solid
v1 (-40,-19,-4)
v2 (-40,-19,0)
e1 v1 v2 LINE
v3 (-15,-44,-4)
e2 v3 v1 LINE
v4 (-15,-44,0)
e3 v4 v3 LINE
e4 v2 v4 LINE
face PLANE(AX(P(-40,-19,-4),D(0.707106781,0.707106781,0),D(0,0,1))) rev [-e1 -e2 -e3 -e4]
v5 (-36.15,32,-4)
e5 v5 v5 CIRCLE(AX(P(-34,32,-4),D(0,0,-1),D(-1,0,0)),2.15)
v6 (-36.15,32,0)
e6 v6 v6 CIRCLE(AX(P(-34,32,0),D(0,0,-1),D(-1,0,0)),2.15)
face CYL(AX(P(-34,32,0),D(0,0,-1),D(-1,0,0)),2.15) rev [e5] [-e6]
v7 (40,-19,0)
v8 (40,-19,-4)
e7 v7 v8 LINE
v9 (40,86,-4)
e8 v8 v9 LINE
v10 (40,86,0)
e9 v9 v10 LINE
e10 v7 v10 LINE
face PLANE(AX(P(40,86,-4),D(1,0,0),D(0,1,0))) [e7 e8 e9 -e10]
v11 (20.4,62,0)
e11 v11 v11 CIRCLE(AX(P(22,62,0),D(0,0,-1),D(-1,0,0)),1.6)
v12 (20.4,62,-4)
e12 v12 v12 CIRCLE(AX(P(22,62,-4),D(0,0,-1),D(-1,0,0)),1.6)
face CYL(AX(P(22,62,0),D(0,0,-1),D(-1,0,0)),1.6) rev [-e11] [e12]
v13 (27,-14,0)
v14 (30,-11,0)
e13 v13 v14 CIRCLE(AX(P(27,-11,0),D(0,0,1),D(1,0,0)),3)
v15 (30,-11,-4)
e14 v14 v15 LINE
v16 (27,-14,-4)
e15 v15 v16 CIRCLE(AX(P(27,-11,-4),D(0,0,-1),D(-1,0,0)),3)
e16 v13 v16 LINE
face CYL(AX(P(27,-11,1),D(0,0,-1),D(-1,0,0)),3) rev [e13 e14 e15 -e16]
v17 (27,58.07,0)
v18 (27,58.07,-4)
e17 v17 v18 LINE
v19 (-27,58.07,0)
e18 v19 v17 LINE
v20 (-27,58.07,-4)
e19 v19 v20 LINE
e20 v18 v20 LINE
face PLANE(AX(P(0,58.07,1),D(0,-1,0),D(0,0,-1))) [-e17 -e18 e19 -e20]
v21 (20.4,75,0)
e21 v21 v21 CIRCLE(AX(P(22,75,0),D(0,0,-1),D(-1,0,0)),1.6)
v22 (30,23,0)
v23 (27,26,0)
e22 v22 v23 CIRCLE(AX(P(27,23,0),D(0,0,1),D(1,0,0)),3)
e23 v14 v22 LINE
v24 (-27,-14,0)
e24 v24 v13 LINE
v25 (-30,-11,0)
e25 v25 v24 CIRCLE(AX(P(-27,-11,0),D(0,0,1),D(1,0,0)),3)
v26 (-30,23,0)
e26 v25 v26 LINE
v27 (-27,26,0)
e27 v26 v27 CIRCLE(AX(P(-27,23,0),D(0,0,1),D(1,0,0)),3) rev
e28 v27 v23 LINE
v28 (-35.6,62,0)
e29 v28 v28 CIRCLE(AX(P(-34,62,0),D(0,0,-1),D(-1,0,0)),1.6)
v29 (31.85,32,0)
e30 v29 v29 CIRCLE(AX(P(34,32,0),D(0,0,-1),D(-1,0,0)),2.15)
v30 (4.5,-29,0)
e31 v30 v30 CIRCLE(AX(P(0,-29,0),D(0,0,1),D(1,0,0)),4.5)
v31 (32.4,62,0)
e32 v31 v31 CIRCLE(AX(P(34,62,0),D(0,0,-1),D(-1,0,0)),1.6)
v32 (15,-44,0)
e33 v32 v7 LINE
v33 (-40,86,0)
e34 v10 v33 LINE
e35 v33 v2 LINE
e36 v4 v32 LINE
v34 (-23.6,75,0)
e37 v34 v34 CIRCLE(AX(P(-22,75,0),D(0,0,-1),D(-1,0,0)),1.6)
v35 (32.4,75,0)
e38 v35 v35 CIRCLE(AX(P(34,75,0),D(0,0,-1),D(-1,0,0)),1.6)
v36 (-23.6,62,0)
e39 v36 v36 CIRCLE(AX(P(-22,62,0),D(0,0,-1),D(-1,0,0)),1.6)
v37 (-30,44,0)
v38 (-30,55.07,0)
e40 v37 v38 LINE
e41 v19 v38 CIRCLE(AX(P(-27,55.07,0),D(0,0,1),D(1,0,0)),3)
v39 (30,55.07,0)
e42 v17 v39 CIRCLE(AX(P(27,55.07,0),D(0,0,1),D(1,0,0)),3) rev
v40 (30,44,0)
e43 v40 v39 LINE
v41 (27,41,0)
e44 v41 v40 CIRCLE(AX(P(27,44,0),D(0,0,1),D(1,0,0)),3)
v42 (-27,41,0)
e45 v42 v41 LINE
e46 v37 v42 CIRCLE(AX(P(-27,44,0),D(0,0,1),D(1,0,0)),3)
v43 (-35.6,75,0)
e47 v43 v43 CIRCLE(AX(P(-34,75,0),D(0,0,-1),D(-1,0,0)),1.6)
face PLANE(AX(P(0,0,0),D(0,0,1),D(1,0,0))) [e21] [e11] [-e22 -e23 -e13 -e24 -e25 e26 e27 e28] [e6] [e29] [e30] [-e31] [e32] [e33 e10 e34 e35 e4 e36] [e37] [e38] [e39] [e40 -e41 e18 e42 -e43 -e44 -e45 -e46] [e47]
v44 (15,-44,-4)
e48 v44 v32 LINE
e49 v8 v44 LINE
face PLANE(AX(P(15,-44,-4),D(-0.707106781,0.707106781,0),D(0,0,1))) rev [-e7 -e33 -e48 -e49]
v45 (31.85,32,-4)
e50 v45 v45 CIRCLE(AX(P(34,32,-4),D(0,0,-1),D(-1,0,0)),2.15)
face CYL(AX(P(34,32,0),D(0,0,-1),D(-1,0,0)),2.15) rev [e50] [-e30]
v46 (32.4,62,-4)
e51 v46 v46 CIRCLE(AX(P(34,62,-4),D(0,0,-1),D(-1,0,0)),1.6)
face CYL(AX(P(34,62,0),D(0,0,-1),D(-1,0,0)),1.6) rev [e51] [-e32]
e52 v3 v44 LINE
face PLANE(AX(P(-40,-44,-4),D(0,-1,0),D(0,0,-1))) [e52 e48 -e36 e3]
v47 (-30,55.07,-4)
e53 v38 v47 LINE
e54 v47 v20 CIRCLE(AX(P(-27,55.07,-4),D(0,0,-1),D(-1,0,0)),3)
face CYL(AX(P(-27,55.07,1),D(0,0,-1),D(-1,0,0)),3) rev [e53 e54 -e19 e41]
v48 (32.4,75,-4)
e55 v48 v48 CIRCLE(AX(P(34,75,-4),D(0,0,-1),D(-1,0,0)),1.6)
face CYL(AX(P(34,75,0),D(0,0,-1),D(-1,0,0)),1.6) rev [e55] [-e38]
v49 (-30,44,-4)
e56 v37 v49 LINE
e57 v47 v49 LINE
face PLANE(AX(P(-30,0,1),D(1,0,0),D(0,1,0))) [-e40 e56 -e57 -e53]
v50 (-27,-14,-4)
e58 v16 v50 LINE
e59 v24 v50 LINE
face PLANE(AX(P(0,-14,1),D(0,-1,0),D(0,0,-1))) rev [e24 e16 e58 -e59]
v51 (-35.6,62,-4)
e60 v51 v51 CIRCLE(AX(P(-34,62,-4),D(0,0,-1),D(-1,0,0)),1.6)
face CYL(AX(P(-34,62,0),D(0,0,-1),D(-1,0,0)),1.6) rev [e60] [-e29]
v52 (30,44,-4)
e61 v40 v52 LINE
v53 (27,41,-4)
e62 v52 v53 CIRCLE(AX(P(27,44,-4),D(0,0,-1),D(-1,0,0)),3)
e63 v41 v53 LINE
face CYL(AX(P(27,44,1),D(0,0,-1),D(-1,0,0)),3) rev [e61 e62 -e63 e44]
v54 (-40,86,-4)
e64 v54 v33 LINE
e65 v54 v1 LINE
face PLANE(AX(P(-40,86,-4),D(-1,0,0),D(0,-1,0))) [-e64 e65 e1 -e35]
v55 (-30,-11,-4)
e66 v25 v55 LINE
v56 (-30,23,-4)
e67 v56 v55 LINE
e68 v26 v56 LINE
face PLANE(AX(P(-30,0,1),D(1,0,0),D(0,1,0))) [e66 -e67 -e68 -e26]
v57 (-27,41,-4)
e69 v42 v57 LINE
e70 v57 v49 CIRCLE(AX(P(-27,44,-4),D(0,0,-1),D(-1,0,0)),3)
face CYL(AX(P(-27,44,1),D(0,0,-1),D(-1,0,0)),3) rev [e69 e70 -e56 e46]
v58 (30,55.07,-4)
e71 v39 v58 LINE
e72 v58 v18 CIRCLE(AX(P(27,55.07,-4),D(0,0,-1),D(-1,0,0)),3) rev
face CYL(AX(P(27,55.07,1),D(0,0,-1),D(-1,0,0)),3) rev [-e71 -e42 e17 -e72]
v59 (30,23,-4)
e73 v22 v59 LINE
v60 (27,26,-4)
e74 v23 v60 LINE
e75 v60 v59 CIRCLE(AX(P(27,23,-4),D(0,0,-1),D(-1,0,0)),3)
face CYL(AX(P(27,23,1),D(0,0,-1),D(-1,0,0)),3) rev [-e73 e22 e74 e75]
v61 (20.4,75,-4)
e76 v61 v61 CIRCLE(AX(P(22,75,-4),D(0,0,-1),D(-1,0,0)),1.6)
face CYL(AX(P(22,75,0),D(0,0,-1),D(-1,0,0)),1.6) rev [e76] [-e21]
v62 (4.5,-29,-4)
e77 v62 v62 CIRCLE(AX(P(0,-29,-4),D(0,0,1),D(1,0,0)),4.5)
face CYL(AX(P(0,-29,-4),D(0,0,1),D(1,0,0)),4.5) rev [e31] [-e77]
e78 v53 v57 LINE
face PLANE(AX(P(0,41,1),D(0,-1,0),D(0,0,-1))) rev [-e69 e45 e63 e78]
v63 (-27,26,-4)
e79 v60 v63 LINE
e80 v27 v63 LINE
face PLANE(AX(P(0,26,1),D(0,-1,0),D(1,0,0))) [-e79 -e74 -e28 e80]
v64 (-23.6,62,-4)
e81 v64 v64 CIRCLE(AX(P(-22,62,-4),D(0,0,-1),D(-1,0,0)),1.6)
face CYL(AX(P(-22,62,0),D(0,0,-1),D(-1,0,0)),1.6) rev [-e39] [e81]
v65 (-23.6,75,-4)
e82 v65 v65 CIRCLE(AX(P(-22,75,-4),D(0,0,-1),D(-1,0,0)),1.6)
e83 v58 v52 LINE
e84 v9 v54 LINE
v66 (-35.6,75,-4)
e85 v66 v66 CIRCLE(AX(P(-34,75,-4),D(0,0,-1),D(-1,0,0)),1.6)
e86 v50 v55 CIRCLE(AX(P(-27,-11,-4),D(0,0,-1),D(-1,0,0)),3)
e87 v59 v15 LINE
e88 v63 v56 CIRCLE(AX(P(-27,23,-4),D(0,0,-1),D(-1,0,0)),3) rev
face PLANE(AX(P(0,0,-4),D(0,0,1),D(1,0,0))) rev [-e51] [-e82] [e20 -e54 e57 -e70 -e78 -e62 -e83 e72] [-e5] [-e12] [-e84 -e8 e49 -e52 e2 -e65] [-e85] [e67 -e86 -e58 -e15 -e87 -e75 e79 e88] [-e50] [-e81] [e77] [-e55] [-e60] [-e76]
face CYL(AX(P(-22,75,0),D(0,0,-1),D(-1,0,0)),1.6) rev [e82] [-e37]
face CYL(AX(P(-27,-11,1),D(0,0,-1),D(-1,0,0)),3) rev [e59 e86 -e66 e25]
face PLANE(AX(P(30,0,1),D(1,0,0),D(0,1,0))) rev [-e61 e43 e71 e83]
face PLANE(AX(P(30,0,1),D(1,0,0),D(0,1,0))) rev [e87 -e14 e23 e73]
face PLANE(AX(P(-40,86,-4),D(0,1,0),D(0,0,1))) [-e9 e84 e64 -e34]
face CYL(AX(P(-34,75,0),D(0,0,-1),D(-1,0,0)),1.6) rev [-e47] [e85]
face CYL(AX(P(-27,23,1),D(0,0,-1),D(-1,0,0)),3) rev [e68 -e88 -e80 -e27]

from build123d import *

# Parameters (mm, degrees)
SKETCH_1_W          = 80
SKETCH_1_H          = 130
SKETCH_1_R          = 4.5
EXTRUDE_1_DEPTH     = 4
CHAMFER_1_SIZE      = 25
CUT_EXTRUDE_1_DEPTH = 5
SKETCH_4_R          = 2.15
CUT_EXTRUDE_2_DEPTH = 4
SKETCH_5_R          = 1.6
CUT_EXTRUDE_3_DEPTH = 4


with BuildPart() as part:
    # 草图1 → 凸台-拉伸1 (new body)
    with BuildSketch(Plane.XY):
        with Locations((0, 21)):
            Rectangle(SKETCH_1_W, SKETCH_1_H)
        with Locations((0, -29)):
            Circle(SKETCH_1_R, mode=Mode.SUBTRACT)
    extrude(amount=-EXTRUDE_1_DEPTH)

    # 倒角1
    chamfer_1_edges = [part.edges().sort_by_distance(p)[0] for p in [
        (40, -44, -2),
        (-40, -44, -2),
    ]]
    chamfer(chamfer_1_edges, length=CHAMFER_1_SIZE)

    # 草图3 → 切除-拉伸1 (cut)
    with BuildSketch(Plane(origin=(0, 0, -4), x_dir=(-1, 0, 0), z_dir=(0, 0, -1))):
        with BuildLine():
            ThreePointArc((-27, 58.07), (-29.121320344, 57.191320344), (-30, 55.07))
            Line((-30, 55.07), (-30, 44))
            ThreePointArc((-30, 44), (-29.121320344, 41.878679656), (-27, 41))
            Line((-27, 41), (27, 41))
            ThreePointArc((27, 41), (29.121320344, 41.878679656), (30, 44))
            Line((30, 44), (30, 55.07))
            ThreePointArc((30, 55.07), (29.121320344, 57.191320344), (27, 58.07))
            Line((27, 58.07), (-17.606738259, 58.07))
            Line((-17.606738259, 58.07), (-27, 58.07))
        make_face()
        with BuildLine():
            Line((-27, 26), (27, 26))
            ThreePointArc((27, 26), (29.121320344, 25.121320344), (30, 23))
            Line((30, 23), (30, -11))
            ThreePointArc((30, -11), (29.121320344, -13.121320344), (27, -14))
            Line((27, -14), (-27, -14))
            ThreePointArc((-27, -14), (-29.121320344, -13.121320344), (-30, -11))
            Line((-30, -11), (-30, 23))
            ThreePointArc((-30, 23), (-29.121320344, 25.121320344), (-27, 26))
        make_face()
    extrude(amount=-CUT_EXTRUDE_1_DEPTH, mode=Mode.SUBTRACT)

    # 草图4 → 切除-拉伸2 (cut)
    with BuildSketch(Plane(origin=(0, 0, -4), x_dir=(-1, 0, 0), z_dir=(0, 0, -1))):
        with Locations((-34, 32)):
            Circle(SKETCH_4_R)
        with Locations((34, 32)):
            Circle(SKETCH_4_R)
    extrude(amount=-CUT_EXTRUDE_2_DEPTH, mode=Mode.SUBTRACT)

    # 草图5 → 切除-拉伸3 (cut)
    with BuildSketch(Plane(origin=(0, 0, -4), x_dir=(-1, 0, 0), z_dir=(0, 0, -1))):
        with Locations((34, 75)):
            Circle(SKETCH_5_R)
        with Locations((22, 75)):
            Circle(SKETCH_5_R)
        with Locations((-22, 75)):
            Circle(SKETCH_5_R)
        with Locations((-34, 75)):
            Circle(SKETCH_5_R)
        with Locations((34, 62)):
            Circle(SKETCH_5_R)
        with Locations((22, 62)):
            Circle(SKETCH_5_R)
        with Locations((-22, 62)):
            Circle(SKETCH_5_R)
        with Locations((-34, 62)):
            Circle(SKETCH_5_R)
    extrude(amount=-CUT_EXTRUDE_3_DEPTH, mode=Mode.SUBTRACT)


solid = part.part
